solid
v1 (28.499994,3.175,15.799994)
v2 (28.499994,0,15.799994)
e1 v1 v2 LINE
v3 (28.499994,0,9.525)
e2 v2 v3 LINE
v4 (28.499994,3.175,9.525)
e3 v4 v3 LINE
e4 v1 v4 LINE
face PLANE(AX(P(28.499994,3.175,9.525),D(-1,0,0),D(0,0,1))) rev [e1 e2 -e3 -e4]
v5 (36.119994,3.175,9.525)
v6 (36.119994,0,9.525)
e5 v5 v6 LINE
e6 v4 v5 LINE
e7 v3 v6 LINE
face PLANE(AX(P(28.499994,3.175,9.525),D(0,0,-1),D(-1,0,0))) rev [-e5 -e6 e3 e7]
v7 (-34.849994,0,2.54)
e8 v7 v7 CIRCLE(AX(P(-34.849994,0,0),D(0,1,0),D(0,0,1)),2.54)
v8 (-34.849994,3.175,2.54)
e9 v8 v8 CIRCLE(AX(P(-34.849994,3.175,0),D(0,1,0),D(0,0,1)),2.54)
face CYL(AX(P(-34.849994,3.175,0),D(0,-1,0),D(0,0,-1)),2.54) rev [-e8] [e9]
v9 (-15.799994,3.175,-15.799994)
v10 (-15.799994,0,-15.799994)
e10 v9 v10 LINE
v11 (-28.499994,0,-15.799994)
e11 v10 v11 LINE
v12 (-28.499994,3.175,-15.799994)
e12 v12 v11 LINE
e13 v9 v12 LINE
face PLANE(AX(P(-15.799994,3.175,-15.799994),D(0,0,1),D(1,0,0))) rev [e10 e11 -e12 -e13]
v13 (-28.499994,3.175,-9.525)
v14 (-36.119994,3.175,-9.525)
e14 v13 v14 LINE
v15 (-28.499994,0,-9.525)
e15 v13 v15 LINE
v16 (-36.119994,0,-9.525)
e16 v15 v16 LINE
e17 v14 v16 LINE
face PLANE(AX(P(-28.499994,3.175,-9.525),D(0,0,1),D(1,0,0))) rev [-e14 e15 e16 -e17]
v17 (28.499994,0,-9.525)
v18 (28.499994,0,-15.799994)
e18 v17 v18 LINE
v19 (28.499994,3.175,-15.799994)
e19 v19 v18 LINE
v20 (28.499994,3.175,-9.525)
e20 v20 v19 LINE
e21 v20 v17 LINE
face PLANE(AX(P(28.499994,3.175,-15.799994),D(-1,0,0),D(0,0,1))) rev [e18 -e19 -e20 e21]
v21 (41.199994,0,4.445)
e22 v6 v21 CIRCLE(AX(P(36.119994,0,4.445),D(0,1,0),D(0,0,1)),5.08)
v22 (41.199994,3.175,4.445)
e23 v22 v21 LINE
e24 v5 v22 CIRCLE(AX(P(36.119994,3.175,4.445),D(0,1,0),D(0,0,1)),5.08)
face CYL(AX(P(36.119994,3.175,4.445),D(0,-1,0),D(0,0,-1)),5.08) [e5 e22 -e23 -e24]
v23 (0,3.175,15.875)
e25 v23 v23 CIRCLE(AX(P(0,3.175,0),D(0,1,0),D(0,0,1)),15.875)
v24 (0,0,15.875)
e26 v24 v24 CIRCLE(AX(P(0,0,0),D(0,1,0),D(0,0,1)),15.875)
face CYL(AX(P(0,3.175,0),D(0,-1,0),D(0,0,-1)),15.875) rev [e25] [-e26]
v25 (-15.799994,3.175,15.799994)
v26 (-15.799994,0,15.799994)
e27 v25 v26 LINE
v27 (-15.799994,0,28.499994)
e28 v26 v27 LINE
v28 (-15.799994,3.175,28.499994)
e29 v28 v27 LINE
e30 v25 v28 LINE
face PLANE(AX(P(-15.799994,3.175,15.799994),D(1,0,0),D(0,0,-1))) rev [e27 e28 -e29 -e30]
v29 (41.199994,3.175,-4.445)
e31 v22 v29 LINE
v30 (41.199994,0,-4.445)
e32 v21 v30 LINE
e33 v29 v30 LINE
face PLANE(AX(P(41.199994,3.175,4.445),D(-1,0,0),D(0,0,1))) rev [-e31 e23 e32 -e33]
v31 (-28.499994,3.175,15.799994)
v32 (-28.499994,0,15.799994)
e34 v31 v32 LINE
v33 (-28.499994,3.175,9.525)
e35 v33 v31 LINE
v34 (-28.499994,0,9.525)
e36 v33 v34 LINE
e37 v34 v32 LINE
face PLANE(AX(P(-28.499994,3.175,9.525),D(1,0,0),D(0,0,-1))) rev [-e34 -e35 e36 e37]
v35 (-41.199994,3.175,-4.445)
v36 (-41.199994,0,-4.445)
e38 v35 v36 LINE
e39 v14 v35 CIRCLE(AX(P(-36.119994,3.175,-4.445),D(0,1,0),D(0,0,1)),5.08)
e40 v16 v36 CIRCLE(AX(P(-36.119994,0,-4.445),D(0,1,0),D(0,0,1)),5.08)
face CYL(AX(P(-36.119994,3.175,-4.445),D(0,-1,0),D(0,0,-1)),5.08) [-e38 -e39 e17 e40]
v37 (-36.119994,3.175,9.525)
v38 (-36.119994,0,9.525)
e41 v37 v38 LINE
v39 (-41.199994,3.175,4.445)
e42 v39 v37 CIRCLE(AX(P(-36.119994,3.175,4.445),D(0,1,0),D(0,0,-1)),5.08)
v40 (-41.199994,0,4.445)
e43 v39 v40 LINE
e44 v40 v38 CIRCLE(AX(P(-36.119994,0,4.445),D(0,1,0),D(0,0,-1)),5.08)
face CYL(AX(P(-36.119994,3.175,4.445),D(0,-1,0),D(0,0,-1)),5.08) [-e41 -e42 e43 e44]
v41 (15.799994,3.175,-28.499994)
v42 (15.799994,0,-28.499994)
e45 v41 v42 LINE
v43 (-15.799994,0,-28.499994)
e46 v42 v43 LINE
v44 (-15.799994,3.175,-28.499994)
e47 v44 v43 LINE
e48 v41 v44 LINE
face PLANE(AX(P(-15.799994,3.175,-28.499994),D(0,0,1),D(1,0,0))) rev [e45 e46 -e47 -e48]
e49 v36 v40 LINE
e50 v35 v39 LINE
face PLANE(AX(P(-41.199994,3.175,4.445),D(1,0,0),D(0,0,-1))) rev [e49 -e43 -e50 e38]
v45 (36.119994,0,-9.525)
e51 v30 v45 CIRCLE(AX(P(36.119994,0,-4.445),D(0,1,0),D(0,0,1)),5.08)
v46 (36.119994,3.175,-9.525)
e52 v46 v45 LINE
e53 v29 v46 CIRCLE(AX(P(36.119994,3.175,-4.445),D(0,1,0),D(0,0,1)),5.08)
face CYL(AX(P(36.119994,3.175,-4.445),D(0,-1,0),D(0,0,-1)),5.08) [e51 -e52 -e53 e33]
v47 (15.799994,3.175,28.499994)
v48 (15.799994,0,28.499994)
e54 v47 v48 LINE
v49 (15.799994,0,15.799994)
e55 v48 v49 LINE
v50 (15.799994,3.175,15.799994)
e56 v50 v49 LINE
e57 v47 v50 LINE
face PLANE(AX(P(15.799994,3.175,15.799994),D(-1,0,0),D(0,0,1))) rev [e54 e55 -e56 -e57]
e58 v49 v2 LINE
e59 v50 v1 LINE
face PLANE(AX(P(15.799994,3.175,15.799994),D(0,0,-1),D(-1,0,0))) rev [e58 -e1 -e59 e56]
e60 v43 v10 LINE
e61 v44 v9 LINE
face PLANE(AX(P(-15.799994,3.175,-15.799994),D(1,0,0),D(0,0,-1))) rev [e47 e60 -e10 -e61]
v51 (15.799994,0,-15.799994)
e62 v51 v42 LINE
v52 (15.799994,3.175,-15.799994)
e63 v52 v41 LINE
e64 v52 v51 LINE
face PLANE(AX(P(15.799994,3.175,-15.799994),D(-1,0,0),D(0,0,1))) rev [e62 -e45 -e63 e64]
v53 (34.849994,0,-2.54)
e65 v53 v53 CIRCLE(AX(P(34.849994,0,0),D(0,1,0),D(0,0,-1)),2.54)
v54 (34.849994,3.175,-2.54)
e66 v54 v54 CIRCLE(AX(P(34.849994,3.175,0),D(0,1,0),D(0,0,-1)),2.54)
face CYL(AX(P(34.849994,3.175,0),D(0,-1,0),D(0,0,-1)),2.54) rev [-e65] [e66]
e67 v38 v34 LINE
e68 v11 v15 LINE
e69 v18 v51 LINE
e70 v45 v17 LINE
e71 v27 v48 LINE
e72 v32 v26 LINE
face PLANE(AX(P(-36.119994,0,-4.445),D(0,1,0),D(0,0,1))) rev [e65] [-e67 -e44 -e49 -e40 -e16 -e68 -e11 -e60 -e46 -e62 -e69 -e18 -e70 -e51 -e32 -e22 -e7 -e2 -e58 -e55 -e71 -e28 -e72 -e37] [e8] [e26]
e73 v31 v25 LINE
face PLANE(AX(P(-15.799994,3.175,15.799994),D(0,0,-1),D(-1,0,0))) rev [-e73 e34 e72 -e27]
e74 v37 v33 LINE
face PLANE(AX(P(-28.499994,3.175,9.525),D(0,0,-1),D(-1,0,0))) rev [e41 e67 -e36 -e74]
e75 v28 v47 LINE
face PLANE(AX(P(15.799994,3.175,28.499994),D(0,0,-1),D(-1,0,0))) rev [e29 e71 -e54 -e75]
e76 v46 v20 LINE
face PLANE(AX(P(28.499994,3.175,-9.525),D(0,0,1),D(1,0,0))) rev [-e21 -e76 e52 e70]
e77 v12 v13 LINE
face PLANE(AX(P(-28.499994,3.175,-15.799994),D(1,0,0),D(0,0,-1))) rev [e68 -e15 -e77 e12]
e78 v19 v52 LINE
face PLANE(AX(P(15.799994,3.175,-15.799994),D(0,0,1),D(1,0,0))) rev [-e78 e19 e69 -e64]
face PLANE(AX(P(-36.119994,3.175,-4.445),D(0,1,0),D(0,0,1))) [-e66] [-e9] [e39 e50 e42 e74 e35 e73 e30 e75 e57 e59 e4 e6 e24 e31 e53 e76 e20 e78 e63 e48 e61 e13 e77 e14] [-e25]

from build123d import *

# Parameters (mm, degrees)
SKETCH1_R           = 15.875
SKETCH1_R_2         = 2.54
BOSS_EXTRUDE1_DEPTH = 3.175


with BuildPart() as part:
    # Sketch1 → Boss-Extrude1 (new body)
    with BuildSketch(Plane(origin=(0, 0, 0), x_dir=(1, 0, 0), z_dir=(0, 1, 0))):
        with BuildLine():
            Line((-28.4999938, 15.7999938), (-28.4999938, 9.525))
            Line((-28.4999938, 9.525), (-36.1199938, 9.525))
            ThreePointArc((-36.1199938, 9.525), (-39.712096248, 8.037102448), (-41.1999938, 4.445))
            Line((-41.1999938, 4.445), (-41.1999938, -4.445))
            ThreePointArc((-41.1999938, -4.445), (-39.712096248, -8.037102448), (-36.1199938, -9.525))
            Line((-36.1199938, -9.525), (-28.4999938, -9.525))
            Line((-28.4999938, -9.525), (-28.4999938, -15.7999938))
            Line((-28.4999938, -15.7999938), (-15.7999938, -15.7999938))
            Line((-15.7999938, -15.7999938), (-15.7999938, -28.4999938))
            Line((-15.7999938, -28.4999938), (15.7999938, -28.4999938))
            Line((15.7999938, -28.4999938), (15.7999938, -15.7999938))
            Line((15.7999938, -15.7999938), (28.4999938, -15.7999938))
            Line((28.4999938, -15.7999938), (28.4999938, -9.525))
            Line((28.4999938, -9.525), (36.1199938, -9.525))
            ThreePointArc((36.1199938, -9.525), (39.712096248, -8.037102448), (41.1999938, -4.445))
            Line((41.1999938, -4.445), (41.1999938, 4.445))
            ThreePointArc((41.1999938, 4.445), (39.712096248, 8.037102448), (36.1199938, 9.525))
            Line((36.1199938, 9.525), (28.4999938, 9.525))
            Line((28.4999938, 9.525), (28.4999938, 15.7999938))
            Line((28.4999938, 15.7999938), (15.7999938, 15.7999938))
            Line((15.7999938, 15.7999938), (15.7999938, 28.4999938))
            Line((15.7999938, 28.4999938), (-15.7999938, 28.4999938))
            Line((-15.7999938, 28.4999938), (-15.7999938, 15.7999938))
            Line((-15.7999938, 15.7999938), (-28.4999938, 15.7999938))
        make_face()
        Circle(SKETCH1_R, mode=Mode.SUBTRACT)
        with Locations((-34.8499938, 0)):
            Circle(SKETCH1_R_2, mode=Mode.SUBTRACT)
        with Locations((34.8499938, 0)):
            Circle(SKETCH1_R_2, mode=Mode.SUBTRACT)
    extrude(amount=BOSS_EXTRUDE1_DEPTH)


solid = part.part
